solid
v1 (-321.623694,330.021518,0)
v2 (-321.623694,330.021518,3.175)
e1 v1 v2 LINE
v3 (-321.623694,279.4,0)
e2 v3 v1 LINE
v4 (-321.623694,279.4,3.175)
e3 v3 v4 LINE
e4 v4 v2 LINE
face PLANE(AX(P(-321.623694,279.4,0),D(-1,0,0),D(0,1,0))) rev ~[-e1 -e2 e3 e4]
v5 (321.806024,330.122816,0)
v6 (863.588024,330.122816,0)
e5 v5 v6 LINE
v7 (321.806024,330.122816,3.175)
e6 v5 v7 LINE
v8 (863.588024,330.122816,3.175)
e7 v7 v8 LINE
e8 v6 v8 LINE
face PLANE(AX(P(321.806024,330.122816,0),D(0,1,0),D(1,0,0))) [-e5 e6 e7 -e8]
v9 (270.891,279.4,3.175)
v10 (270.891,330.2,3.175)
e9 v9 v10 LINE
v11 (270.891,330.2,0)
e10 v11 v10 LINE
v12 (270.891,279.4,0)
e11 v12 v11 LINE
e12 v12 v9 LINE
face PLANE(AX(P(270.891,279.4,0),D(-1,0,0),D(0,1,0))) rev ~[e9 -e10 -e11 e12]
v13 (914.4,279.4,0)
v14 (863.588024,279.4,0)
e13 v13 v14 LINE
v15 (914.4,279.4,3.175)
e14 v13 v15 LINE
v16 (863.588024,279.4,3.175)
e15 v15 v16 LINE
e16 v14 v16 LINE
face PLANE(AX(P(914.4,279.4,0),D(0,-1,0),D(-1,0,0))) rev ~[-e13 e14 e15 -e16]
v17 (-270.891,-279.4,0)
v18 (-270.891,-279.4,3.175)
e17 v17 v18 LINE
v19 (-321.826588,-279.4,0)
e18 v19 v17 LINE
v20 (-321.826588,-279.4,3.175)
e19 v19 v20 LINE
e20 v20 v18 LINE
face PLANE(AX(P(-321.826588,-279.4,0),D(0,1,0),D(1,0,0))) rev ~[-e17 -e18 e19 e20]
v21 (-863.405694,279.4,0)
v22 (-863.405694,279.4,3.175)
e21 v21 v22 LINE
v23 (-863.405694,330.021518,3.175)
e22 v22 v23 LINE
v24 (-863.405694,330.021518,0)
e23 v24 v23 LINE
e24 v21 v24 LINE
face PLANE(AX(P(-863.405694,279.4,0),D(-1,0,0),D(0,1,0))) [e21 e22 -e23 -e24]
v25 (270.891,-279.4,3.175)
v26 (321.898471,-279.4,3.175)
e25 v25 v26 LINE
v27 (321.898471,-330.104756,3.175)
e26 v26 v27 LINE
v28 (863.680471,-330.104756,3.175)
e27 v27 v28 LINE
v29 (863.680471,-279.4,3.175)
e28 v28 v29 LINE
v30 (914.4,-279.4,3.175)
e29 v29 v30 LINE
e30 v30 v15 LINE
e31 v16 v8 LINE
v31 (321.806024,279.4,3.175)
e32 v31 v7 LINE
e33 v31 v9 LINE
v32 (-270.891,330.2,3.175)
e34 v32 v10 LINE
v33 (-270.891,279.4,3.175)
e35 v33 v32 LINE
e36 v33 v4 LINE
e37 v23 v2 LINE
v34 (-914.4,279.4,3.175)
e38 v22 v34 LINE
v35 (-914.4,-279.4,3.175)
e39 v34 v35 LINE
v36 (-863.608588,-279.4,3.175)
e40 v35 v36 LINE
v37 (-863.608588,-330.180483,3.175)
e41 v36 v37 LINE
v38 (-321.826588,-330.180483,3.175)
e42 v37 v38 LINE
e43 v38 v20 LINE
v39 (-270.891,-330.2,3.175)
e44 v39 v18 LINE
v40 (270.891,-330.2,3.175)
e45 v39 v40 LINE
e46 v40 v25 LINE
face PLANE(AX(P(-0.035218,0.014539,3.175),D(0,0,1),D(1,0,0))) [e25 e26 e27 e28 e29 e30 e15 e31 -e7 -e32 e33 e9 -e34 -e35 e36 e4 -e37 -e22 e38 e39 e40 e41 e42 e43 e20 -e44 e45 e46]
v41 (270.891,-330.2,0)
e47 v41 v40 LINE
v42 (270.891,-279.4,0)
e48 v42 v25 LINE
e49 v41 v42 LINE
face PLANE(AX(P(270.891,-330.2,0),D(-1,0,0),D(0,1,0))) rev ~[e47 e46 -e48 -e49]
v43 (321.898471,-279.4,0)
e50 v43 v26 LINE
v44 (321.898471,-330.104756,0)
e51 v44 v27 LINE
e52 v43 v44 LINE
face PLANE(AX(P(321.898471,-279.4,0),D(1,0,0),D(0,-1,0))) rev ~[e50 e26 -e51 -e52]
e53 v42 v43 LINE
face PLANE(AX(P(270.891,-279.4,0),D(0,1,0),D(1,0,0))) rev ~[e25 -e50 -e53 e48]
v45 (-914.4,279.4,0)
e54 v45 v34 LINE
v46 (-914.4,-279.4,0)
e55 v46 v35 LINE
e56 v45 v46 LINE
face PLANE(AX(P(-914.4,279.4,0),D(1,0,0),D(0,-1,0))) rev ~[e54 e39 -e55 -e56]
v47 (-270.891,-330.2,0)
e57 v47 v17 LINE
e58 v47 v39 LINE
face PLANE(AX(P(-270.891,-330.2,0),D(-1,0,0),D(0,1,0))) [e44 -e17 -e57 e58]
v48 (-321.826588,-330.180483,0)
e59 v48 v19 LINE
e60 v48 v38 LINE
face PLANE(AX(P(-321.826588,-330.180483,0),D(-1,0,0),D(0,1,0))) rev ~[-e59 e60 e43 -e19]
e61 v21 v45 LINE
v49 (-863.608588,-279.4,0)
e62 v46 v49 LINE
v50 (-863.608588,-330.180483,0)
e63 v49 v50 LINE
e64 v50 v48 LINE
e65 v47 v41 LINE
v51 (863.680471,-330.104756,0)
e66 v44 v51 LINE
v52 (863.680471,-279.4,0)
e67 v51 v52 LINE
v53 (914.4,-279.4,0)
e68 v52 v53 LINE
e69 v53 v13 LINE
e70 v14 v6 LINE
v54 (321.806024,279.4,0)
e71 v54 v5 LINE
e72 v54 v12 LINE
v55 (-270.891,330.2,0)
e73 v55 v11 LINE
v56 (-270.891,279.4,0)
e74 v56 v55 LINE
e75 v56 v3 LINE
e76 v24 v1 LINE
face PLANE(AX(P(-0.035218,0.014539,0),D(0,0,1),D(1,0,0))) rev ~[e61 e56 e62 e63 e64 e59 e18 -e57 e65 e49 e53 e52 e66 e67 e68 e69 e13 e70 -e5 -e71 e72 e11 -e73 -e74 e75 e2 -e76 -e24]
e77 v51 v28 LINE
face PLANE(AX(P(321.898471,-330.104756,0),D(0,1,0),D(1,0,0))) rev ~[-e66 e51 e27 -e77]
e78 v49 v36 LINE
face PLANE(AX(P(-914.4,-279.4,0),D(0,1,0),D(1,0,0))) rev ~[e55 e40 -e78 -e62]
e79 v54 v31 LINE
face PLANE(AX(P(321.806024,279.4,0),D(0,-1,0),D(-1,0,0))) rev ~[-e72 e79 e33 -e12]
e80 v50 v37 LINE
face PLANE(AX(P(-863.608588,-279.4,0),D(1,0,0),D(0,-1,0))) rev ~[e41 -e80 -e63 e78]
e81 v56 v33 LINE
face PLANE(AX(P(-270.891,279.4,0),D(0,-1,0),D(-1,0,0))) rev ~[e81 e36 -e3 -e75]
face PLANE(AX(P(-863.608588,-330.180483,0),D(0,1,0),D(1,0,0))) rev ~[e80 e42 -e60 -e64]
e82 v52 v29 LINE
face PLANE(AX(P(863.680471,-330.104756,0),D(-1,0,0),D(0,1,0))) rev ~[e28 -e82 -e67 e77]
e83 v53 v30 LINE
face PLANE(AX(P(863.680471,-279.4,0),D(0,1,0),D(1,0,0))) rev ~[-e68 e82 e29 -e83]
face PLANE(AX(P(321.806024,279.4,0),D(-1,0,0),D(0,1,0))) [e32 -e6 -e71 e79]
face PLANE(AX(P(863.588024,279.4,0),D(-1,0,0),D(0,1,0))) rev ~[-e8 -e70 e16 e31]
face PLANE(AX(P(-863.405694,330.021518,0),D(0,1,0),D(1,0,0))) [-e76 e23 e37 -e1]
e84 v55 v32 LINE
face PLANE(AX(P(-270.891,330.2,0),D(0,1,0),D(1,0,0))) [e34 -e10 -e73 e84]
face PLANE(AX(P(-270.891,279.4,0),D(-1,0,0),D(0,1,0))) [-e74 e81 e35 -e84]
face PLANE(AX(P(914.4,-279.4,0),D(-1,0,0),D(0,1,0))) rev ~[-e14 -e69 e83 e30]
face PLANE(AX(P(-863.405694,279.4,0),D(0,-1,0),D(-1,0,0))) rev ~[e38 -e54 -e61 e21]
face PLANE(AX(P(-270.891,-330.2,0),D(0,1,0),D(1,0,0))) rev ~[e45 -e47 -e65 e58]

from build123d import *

# Parameters (mm, degrees)
F0_W     = 541.782
F0_H     = 50.8
F0_W_2   = 541.7734120522
F0_H_2   = 0.0195167541
F0_W_3   = 541.7015288506
F0_H_3   = 0.0952444553
F0_W_4   = 0.0085879478
F0_W_5   = 0.0804711494
F0_H_4   = 50.6215176582
F0_H_5   = 0.1784823418
F0_H_6   = 0.077184248
F0_H_7   = 50.722815752
F1_DEPTH = 3.175


with BuildPart() as f1:
    # F0 (on Top) → F1 (new body)
    with BuildSketch(Plane.XY):
        Polygon((-321.8265879478, -279.4), (-270.891, -279.4), (270.891, -279.4), (321.8984711494, -279.4), (321.8984711494, -279.3047555447), (863.6, -279.3047555447), (863.6, 279.4), (863.5880243454, 279.4), (863.5880243454, 279.322815752), (321.8060243454, 279.322815752), (321.8060243454, 279.4), (270.891, 279.4), (-270.891, 279.4), (-321.623693737, 279.4), (-321.623693737, 279.2215176582), (-863.405693737, 279.2215176582), (-863.405693737, 279.4), (-863.6, 279.4), (-863.6, -279.3804832459), (-321.8265879478, -279.3804832459), align=None)
        with Locations((0, -304.8)):
            Rectangle(F0_W, F0_H)
        Polygon((-321.8265879478, -330.1804832459), (-321.8265879478, -279.4), (-863.6, -279.4), (-863.6085879478, -279.4), (-863.6085879478, -330.1804832459), align=None)
        with Locations((-592.7132939739, -279.3902416229)):
            Rectangle(F0_W_2, F0_H_2)
        with Locations((592.7492355747, -279.3523777723)):
            Rectangle(F0_W_3, F0_H_3)
        Polygon((863.6, -279.4), (321.8984711494, -279.4), (321.8984711494, -330.1047555447), (863.6804711494, -330.1047555447), (863.6804711494, -279.4), align=None)
        with Locations((-863.6042939739, -279.3902416229)):
            Rectangle(F0_W_4, F0_H_2)
        with Locations((863.6402355747, -279.3523777723)):
            Rectangle(F0_W_5, F0_H_3)
        Polygon((-863.6085879478, -279.3804832459), (-863.6, -279.3804832459), (-863.6, 279.4), (-914.4, 279.4), (-914.4, -279.4), (-863.6085879478, -279.4), align=None)
        Polygon((863.6, 279.4), (863.6, -279.3047555447), (863.6804711494, -279.3047555447), (863.6804711494, -279.4), (914.4, -279.4), (914.4, 279.4), align=None)
        with Locations((-592.514693737, 304.7107588291)):
            Rectangle(F0_W, F0_H_4)
        with Locations((-592.514693737, 279.3107588291)):
            Rectangle(F0_W, F0_H_5)
        with Locations((592.6970243454, 279.361407876)):
            Rectangle(F0_W, F0_H_6)
        with Locations((592.6970243454, 304.761407876)):
            Rectangle(F0_W, F0_H_7)
        with Locations((0, 304.8)):
            Rectangle(F0_W, F0_H)
    extrude(amount=F1_DEPTH)


solid = f1.part
